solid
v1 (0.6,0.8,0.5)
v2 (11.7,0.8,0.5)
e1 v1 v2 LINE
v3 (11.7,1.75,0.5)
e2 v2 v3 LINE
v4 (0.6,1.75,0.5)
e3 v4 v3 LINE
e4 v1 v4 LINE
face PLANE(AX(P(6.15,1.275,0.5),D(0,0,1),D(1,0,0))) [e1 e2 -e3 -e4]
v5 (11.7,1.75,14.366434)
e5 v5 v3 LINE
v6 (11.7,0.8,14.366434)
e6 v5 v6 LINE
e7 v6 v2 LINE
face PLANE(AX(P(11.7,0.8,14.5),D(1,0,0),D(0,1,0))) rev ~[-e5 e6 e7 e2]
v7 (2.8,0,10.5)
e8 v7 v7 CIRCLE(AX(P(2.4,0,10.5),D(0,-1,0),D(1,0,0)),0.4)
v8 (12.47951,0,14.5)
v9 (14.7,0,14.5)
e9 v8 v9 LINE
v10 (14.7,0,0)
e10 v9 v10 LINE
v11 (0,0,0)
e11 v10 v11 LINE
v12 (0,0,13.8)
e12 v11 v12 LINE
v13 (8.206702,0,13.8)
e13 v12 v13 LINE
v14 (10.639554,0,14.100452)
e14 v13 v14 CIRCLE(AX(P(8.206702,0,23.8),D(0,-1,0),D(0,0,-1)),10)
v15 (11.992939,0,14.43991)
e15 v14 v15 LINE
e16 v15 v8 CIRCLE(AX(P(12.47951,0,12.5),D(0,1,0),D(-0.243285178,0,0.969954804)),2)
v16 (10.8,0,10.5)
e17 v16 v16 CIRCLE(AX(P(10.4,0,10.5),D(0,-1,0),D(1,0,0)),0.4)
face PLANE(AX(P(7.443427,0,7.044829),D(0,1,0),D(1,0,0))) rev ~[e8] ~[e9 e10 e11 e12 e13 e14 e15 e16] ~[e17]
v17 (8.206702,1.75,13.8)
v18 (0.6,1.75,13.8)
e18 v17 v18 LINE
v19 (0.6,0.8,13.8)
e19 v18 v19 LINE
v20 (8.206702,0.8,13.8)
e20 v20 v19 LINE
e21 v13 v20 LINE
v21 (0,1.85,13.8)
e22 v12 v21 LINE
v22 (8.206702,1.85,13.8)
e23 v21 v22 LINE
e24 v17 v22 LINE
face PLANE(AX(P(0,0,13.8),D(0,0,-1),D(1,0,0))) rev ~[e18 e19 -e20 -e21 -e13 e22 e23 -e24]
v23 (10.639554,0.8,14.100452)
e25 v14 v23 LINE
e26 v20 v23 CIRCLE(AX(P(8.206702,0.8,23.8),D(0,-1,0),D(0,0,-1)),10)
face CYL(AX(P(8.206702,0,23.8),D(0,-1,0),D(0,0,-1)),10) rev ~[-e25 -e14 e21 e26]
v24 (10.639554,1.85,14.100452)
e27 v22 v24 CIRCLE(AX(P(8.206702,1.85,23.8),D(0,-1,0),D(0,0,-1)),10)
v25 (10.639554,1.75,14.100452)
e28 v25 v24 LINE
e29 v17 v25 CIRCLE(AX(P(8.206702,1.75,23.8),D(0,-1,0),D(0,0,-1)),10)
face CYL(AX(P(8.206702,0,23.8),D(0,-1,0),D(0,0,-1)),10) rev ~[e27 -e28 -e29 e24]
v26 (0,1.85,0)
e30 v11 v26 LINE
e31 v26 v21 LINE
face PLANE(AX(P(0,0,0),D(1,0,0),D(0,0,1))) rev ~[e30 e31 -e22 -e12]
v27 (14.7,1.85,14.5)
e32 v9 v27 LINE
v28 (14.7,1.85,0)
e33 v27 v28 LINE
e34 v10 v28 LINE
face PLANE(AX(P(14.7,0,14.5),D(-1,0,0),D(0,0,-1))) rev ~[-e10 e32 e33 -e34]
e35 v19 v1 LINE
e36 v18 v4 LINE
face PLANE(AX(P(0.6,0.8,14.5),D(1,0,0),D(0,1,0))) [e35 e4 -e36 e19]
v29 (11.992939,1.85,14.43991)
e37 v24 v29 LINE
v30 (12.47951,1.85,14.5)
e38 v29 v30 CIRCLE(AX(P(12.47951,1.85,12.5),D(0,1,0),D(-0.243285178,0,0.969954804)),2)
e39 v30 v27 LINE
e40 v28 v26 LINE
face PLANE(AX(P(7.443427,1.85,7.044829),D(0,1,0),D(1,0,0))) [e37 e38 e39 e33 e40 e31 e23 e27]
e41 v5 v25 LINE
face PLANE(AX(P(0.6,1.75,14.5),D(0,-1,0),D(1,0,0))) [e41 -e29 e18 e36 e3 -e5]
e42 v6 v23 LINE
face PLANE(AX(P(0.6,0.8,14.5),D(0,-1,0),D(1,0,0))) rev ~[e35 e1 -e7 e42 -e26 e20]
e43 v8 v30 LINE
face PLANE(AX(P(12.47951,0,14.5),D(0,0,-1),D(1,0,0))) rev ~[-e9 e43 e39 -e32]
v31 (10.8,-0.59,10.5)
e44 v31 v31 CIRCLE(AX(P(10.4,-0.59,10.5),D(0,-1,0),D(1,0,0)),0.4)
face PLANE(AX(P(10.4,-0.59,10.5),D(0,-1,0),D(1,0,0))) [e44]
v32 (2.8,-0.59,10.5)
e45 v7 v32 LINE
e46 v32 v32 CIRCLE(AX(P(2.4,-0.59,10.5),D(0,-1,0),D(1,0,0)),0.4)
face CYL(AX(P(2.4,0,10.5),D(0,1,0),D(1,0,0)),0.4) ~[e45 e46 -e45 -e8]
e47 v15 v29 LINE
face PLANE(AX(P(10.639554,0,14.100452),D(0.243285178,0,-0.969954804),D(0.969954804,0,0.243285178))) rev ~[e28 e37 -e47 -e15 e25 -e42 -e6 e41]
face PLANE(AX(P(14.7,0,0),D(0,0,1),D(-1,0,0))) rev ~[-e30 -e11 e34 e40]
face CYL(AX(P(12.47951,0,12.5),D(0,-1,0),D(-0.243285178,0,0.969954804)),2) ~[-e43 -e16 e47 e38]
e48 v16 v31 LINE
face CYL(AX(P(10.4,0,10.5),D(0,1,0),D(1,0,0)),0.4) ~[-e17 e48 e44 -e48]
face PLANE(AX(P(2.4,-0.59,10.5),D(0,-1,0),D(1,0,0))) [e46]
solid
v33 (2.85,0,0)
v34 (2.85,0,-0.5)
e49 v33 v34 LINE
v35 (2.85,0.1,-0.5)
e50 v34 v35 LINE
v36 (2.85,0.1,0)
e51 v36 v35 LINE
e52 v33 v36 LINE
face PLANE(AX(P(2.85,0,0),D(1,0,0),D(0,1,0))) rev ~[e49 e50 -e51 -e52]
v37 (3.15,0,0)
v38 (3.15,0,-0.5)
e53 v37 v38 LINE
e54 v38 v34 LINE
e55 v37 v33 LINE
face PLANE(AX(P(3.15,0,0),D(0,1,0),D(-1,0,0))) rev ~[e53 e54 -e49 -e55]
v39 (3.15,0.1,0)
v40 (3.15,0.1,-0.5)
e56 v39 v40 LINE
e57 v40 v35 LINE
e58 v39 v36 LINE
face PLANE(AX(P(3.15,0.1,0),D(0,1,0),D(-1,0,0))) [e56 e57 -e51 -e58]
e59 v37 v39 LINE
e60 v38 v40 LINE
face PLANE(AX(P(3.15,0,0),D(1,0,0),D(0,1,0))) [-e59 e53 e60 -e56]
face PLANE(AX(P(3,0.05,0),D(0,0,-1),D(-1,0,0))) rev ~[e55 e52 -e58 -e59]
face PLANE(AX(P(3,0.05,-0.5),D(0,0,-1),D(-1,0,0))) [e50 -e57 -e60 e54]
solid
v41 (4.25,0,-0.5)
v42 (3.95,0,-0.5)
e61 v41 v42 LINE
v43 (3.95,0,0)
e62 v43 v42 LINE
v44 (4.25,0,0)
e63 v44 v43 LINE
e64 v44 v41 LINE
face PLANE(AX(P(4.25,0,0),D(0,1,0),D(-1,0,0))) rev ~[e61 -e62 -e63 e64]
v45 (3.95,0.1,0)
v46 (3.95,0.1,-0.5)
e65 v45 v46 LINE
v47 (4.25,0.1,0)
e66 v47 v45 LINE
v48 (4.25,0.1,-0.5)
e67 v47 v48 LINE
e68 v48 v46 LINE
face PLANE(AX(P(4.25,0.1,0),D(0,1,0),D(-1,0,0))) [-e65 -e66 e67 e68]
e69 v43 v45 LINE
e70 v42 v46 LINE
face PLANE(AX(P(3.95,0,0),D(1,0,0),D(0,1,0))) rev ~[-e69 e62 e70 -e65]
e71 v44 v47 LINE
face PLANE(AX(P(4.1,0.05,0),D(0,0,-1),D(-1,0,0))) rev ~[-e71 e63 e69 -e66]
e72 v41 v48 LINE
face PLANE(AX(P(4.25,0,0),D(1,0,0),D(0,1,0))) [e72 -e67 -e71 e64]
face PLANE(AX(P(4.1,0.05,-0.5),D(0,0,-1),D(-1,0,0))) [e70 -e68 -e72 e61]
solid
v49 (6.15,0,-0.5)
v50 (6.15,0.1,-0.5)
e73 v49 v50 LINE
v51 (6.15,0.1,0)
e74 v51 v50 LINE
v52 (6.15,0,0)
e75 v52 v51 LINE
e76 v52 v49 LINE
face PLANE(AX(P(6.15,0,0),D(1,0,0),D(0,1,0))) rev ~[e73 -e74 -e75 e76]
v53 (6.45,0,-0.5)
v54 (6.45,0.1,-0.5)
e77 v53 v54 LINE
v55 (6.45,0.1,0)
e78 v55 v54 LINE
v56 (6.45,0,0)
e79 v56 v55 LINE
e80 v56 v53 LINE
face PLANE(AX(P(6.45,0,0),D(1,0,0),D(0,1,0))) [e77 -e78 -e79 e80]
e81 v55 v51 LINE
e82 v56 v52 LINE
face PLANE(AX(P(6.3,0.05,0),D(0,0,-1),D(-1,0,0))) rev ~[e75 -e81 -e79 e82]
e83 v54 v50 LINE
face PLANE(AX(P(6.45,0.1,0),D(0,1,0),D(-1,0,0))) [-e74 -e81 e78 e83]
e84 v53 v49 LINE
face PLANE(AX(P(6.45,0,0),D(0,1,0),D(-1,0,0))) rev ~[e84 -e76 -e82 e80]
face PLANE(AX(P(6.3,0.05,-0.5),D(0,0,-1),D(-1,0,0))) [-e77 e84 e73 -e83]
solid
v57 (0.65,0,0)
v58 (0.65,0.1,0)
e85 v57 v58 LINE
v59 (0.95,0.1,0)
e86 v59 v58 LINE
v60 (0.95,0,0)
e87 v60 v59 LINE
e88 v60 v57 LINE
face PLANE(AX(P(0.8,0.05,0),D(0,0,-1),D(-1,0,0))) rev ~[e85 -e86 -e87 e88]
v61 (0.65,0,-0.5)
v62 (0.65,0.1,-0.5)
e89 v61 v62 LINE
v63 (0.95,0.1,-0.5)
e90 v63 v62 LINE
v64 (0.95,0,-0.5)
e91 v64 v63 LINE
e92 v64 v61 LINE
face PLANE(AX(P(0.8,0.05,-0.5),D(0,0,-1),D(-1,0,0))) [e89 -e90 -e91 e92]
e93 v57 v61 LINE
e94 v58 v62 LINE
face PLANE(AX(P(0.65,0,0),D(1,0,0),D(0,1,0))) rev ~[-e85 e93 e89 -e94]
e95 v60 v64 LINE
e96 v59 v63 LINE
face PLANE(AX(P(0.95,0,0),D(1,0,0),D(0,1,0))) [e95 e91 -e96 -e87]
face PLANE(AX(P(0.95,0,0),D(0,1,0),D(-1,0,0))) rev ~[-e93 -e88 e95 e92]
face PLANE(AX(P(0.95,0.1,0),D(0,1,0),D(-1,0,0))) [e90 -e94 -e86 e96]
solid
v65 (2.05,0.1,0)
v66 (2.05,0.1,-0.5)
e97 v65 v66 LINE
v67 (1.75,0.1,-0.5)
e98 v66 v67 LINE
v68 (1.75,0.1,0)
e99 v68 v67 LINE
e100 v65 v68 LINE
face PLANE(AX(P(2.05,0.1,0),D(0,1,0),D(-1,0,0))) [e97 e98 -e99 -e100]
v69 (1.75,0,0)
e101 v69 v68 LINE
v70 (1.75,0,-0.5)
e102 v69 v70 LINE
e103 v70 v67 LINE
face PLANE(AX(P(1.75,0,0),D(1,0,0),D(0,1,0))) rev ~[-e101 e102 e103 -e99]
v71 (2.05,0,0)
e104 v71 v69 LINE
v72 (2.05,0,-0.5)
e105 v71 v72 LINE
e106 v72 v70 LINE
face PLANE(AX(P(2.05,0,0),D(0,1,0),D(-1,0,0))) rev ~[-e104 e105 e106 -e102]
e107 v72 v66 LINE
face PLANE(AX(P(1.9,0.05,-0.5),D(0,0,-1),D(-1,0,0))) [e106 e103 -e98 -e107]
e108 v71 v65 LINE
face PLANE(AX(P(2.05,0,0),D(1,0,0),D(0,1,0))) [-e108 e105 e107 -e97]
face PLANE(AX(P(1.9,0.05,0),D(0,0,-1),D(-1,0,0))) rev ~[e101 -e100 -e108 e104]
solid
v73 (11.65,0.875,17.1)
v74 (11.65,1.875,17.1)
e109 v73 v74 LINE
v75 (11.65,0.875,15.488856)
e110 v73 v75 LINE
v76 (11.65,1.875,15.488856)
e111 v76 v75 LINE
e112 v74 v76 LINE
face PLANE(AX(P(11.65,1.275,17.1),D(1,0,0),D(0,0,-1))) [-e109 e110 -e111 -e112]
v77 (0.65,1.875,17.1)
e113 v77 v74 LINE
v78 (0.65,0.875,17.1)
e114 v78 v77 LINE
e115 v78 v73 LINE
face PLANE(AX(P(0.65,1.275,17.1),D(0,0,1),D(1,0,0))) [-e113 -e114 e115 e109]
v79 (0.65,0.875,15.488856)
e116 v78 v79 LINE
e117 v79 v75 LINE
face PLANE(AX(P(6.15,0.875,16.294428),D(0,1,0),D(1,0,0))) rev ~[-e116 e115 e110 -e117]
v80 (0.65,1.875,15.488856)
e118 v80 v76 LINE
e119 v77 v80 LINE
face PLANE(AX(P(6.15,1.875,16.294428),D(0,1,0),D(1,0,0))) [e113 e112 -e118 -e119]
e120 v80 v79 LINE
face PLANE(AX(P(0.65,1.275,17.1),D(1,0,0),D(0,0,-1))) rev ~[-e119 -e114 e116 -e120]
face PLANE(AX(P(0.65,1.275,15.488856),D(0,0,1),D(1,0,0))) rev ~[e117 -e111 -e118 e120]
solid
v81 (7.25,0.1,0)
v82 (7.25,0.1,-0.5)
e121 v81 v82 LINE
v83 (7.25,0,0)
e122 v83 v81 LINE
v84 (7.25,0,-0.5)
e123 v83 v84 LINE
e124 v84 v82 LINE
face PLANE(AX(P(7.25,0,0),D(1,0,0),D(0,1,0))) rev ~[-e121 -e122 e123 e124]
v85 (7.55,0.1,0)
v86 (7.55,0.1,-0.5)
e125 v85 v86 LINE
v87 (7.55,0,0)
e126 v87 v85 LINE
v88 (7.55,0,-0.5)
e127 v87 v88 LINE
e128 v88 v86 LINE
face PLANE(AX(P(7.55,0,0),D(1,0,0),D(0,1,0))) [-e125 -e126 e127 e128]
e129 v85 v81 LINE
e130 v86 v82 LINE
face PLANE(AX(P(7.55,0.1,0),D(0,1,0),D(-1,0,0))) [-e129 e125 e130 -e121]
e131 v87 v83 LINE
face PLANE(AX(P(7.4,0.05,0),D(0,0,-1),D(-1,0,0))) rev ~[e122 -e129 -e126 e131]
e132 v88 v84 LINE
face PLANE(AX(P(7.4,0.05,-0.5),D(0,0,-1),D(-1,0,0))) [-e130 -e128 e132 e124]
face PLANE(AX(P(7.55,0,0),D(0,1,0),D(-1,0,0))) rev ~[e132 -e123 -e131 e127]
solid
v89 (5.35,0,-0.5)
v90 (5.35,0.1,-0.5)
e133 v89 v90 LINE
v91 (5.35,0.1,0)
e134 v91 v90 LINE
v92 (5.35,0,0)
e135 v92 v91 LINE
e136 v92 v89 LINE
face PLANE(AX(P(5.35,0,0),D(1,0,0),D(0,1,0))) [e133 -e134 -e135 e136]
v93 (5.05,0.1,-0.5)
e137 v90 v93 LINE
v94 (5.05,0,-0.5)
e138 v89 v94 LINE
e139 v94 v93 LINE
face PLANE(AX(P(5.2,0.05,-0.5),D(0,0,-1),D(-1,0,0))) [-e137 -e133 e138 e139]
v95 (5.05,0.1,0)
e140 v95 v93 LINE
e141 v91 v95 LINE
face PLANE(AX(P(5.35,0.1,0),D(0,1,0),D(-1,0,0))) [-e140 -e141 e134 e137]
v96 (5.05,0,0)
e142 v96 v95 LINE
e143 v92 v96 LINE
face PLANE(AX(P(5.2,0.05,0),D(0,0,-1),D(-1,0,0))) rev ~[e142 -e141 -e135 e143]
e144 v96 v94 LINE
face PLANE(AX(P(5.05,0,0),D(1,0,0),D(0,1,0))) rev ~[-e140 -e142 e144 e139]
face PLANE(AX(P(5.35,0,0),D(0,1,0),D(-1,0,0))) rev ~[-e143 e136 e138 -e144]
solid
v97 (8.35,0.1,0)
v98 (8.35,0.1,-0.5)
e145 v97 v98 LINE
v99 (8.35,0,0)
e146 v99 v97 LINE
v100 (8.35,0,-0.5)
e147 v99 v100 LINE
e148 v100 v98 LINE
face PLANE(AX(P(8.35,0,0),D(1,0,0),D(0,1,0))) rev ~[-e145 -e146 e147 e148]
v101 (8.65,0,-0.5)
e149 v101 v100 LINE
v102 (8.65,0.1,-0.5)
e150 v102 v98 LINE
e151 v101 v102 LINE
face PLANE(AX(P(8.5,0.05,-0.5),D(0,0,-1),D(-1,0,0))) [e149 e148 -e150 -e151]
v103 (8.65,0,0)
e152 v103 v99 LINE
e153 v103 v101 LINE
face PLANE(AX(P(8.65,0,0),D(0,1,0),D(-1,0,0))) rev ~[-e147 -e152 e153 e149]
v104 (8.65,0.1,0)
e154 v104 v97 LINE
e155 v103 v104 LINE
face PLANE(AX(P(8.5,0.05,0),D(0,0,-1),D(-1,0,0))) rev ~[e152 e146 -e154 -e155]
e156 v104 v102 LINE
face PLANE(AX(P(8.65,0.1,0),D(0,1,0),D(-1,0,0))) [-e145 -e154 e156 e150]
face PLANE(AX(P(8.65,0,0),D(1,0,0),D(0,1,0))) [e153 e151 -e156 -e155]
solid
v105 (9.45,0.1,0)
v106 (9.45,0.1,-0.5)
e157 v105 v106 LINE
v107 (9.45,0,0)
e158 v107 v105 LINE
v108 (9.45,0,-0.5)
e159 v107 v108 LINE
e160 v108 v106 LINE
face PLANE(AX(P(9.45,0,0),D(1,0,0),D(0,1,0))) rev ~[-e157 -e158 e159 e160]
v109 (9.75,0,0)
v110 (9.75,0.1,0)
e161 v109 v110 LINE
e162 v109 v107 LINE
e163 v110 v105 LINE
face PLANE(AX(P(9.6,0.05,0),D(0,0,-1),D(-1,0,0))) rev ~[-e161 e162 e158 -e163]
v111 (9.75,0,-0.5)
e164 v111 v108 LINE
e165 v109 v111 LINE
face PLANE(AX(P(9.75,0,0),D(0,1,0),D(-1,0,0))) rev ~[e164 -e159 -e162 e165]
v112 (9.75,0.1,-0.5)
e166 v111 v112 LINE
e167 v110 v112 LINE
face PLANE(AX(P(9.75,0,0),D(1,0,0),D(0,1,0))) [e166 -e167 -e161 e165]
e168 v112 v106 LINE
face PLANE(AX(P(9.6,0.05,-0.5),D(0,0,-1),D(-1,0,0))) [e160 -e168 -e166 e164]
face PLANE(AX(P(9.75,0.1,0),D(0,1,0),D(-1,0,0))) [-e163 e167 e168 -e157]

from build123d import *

# Parameters (mm, degrees)
EXTRUDE_1_DEPTH      = 1.85
SKETCH_2_R           = 0.4
EXTRUDE_2_DEPTH      = 0.59
SKETCH_3_W           = 0.3
SKETCH_3_H           = 0.1
EXTRUDE_3_DEPTH      = 0.5
EXTRUDE_3_2_DEPTH    = 0.5
EXTRUDE_3_3_DEPTH    = 0.5
EXTRUDE_3_4_DEPTH    = 0.5
EXTRUDE_3_5_DEPTH    = 0.5
EXTRUDE_3_6_DEPTH    = 0.5
EXTRUDE_3_7_DEPTH    = 0.5
EXTRUDE_3_8_DEPTH    = 0.5
EXTRUDE_3_9_DEPTH    = 0.5
SKETCH_4_W           = 11.1
SKETCH_4_H           = 0.95
CUT_EXTRUDE_1_DEPTH  = 14
EXTRUDE_START        = -0.575
SKETCH_5_W           = 11
SKETCH_5_H           = 1.611144306
EXTRUDE_4_DEPTH      = 0.6
EXTRUDE_4_DEPTH_BACK = 0.4


with BuildPart() as part:
    # 草图1 → 凸台-拉伸1 (new body)
    with BuildSketch(Plane(origin=(0, 0, 0), x_dir=(1, 0, 0), z_dir=(0, 1, 0))):
        with BuildLine():
            Line((0, -13.8), (8.206702303, -13.8))
            ThreePointArc((8.206702303, -13.8), (9.432369379, -13.875397226), (10.639554075, -14.100451956))
            Line((10.639554075, -14.100451956), (11.992939368, -14.439909609))
            ThreePointArc((11.992939368, -14.439909609), (12.234376307, -14.484920555), (12.479509723, -14.5))
            Line((12.479509723, -14.5), (14.7, -14.5))
            Line((14.7, -14.5), (14.7, 0))
            Line((14.7, 0), (0, 0))
            Line((0, 0), (0, -13.8))
        make_face()
    extrude(amount=EXTRUDE_1_DEPTH)

    # 草图2 → 凸台-拉伸2 (add)
    with BuildSketch(Plane.XZ):
        with Locations((2.4, 10.5)):
            Circle(SKETCH_2_R)
        with Locations((10.4, 10.5)):
            Circle(SKETCH_2_R)
    extrude(amount=EXTRUDE_2_DEPTH)

    # 草图4 → 切除-拉伸1 (cut)
    with BuildSketch(Plane.XY.offset(14.5)):
        with Locations((6.15, 1.275)):
            Rectangle(SKETCH_4_W, SKETCH_4_H)
    extrude(amount=-CUT_EXTRUDE_1_DEPTH, mode=Mode.SUBTRACT)


with BuildPart() as body_2:
    # 草图3 → 凸台-拉伸3 (new body)
    with BuildSketch(Plane(origin=(0, 0, 0), x_dir=(-1, 0, 0), z_dir=(0, 0, -1))):
        with Locations((-9.6, 0.05)):
            Rectangle(SKETCH_3_W, SKETCH_3_H)
    extrude(amount=EXTRUDE_3_DEPTH)


with BuildPart() as body_3:
    # 草图3 → Extrude 3 2 (new body)
    with BuildSketch(Plane(origin=(0, 0, 0), x_dir=(-1, 0, 0), z_dir=(0, 0, -1))):
        with Locations((-8.5, 0.05)):
            Rectangle(SKETCH_3_W, SKETCH_3_H)
    extrude(amount=EXTRUDE_3_2_DEPTH)


with BuildPart() as body_4:
    # 草图3 → Extrude 3 3 (new body)
    with BuildSketch(Plane(origin=(0, 0, 0), x_dir=(-1, 0, 0), z_dir=(0, 0, -1))):
        with Locations((-7.4, 0.05)):
            Rectangle(SKETCH_3_W, SKETCH_3_H)
    extrude(amount=EXTRUDE_3_3_DEPTH)


with BuildPart() as body_5:
    # 草图3 → Extrude 3 4 (new body)
    with BuildSketch(Plane(origin=(0, 0, 0), x_dir=(-1, 0, 0), z_dir=(0, 0, -1))):
        with Locations((-6.3, 0.05)):
            Rectangle(SKETCH_3_W, SKETCH_3_H)
    extrude(amount=EXTRUDE_3_4_DEPTH)


with BuildPart() as body_6:
    # 草图3 → Extrude 3 5 (new body)
    with BuildSketch(Plane(origin=(0, 0, 0), x_dir=(-1, 0, 0), z_dir=(0, 0, -1))):
        with Locations((-5.2, 0.05)):
            Rectangle(SKETCH_3_W, SKETCH_3_H)
    extrude(amount=EXTRUDE_3_5_DEPTH)


with BuildPart() as body_7:
    # 草图3 → Extrude 3 6 (new body)
    with BuildSketch(Plane(origin=(0, 0, 0), x_dir=(-1, 0, 0), z_dir=(0, 0, -1))):
        with Locations((-4.1, 0.05)):
            Rectangle(SKETCH_3_W, SKETCH_3_H)
    extrude(amount=EXTRUDE_3_6_DEPTH)


with BuildPart() as body_8:
    # 草图3 → Extrude 3 7 (new body)
    with BuildSketch(Plane(origin=(0, 0, 0), x_dir=(-1, 0, 0), z_dir=(0, 0, -1))):
        with Locations((-3, 0.05)):
            Rectangle(SKETCH_3_W, SKETCH_3_H)
    extrude(amount=EXTRUDE_3_7_DEPTH)


with BuildPart() as body_9:
    # 草图3 → Extrude 3 8 (new body)
    with BuildSketch(Plane(origin=(0, 0, 0), x_dir=(-1, 0, 0), z_dir=(0, 0, -1))):
        with Locations((-1.9, 0.05)):
            Rectangle(SKETCH_3_W, SKETCH_3_H)
    extrude(amount=EXTRUDE_3_8_DEPTH)


with BuildPart() as body_10:
    # 草图3 → Extrude 3 9 (new body)
    with BuildSketch(Plane(origin=(0, 0, 0), x_dir=(-1, 0, 0), z_dir=(0, 0, -1))):
        with Locations((-0.8, 0.05)):
            Rectangle(SKETCH_3_W, SKETCH_3_H)
    extrude(amount=EXTRUDE_3_9_DEPTH)


with BuildPart() as body_11:
    # 草图5 → 凸台-拉伸4 (new body, two sides)
    with BuildSketch(Plane(origin=(0, 1.85, 0), x_dir=(1, 0, 0), z_dir=(0, 1, 0)).offset(EXTRUDE_START)) as extrude_4_sk:
        with Locations((6.15, -16.294427847)):
            Rectangle(SKETCH_5_W, SKETCH_5_H)
    extrude(amount=EXTRUDE_4_DEPTH)
    extrude(extrude_4_sk.sketch, amount=-EXTRUDE_4_DEPTH_BACK)


solid = Compound([part.part, body_2.part, body_3.part, body_4.part, body_5.part, body_6.part, body_7.part, body_8.part, body_9.part, body_10.part, body_11.part])
